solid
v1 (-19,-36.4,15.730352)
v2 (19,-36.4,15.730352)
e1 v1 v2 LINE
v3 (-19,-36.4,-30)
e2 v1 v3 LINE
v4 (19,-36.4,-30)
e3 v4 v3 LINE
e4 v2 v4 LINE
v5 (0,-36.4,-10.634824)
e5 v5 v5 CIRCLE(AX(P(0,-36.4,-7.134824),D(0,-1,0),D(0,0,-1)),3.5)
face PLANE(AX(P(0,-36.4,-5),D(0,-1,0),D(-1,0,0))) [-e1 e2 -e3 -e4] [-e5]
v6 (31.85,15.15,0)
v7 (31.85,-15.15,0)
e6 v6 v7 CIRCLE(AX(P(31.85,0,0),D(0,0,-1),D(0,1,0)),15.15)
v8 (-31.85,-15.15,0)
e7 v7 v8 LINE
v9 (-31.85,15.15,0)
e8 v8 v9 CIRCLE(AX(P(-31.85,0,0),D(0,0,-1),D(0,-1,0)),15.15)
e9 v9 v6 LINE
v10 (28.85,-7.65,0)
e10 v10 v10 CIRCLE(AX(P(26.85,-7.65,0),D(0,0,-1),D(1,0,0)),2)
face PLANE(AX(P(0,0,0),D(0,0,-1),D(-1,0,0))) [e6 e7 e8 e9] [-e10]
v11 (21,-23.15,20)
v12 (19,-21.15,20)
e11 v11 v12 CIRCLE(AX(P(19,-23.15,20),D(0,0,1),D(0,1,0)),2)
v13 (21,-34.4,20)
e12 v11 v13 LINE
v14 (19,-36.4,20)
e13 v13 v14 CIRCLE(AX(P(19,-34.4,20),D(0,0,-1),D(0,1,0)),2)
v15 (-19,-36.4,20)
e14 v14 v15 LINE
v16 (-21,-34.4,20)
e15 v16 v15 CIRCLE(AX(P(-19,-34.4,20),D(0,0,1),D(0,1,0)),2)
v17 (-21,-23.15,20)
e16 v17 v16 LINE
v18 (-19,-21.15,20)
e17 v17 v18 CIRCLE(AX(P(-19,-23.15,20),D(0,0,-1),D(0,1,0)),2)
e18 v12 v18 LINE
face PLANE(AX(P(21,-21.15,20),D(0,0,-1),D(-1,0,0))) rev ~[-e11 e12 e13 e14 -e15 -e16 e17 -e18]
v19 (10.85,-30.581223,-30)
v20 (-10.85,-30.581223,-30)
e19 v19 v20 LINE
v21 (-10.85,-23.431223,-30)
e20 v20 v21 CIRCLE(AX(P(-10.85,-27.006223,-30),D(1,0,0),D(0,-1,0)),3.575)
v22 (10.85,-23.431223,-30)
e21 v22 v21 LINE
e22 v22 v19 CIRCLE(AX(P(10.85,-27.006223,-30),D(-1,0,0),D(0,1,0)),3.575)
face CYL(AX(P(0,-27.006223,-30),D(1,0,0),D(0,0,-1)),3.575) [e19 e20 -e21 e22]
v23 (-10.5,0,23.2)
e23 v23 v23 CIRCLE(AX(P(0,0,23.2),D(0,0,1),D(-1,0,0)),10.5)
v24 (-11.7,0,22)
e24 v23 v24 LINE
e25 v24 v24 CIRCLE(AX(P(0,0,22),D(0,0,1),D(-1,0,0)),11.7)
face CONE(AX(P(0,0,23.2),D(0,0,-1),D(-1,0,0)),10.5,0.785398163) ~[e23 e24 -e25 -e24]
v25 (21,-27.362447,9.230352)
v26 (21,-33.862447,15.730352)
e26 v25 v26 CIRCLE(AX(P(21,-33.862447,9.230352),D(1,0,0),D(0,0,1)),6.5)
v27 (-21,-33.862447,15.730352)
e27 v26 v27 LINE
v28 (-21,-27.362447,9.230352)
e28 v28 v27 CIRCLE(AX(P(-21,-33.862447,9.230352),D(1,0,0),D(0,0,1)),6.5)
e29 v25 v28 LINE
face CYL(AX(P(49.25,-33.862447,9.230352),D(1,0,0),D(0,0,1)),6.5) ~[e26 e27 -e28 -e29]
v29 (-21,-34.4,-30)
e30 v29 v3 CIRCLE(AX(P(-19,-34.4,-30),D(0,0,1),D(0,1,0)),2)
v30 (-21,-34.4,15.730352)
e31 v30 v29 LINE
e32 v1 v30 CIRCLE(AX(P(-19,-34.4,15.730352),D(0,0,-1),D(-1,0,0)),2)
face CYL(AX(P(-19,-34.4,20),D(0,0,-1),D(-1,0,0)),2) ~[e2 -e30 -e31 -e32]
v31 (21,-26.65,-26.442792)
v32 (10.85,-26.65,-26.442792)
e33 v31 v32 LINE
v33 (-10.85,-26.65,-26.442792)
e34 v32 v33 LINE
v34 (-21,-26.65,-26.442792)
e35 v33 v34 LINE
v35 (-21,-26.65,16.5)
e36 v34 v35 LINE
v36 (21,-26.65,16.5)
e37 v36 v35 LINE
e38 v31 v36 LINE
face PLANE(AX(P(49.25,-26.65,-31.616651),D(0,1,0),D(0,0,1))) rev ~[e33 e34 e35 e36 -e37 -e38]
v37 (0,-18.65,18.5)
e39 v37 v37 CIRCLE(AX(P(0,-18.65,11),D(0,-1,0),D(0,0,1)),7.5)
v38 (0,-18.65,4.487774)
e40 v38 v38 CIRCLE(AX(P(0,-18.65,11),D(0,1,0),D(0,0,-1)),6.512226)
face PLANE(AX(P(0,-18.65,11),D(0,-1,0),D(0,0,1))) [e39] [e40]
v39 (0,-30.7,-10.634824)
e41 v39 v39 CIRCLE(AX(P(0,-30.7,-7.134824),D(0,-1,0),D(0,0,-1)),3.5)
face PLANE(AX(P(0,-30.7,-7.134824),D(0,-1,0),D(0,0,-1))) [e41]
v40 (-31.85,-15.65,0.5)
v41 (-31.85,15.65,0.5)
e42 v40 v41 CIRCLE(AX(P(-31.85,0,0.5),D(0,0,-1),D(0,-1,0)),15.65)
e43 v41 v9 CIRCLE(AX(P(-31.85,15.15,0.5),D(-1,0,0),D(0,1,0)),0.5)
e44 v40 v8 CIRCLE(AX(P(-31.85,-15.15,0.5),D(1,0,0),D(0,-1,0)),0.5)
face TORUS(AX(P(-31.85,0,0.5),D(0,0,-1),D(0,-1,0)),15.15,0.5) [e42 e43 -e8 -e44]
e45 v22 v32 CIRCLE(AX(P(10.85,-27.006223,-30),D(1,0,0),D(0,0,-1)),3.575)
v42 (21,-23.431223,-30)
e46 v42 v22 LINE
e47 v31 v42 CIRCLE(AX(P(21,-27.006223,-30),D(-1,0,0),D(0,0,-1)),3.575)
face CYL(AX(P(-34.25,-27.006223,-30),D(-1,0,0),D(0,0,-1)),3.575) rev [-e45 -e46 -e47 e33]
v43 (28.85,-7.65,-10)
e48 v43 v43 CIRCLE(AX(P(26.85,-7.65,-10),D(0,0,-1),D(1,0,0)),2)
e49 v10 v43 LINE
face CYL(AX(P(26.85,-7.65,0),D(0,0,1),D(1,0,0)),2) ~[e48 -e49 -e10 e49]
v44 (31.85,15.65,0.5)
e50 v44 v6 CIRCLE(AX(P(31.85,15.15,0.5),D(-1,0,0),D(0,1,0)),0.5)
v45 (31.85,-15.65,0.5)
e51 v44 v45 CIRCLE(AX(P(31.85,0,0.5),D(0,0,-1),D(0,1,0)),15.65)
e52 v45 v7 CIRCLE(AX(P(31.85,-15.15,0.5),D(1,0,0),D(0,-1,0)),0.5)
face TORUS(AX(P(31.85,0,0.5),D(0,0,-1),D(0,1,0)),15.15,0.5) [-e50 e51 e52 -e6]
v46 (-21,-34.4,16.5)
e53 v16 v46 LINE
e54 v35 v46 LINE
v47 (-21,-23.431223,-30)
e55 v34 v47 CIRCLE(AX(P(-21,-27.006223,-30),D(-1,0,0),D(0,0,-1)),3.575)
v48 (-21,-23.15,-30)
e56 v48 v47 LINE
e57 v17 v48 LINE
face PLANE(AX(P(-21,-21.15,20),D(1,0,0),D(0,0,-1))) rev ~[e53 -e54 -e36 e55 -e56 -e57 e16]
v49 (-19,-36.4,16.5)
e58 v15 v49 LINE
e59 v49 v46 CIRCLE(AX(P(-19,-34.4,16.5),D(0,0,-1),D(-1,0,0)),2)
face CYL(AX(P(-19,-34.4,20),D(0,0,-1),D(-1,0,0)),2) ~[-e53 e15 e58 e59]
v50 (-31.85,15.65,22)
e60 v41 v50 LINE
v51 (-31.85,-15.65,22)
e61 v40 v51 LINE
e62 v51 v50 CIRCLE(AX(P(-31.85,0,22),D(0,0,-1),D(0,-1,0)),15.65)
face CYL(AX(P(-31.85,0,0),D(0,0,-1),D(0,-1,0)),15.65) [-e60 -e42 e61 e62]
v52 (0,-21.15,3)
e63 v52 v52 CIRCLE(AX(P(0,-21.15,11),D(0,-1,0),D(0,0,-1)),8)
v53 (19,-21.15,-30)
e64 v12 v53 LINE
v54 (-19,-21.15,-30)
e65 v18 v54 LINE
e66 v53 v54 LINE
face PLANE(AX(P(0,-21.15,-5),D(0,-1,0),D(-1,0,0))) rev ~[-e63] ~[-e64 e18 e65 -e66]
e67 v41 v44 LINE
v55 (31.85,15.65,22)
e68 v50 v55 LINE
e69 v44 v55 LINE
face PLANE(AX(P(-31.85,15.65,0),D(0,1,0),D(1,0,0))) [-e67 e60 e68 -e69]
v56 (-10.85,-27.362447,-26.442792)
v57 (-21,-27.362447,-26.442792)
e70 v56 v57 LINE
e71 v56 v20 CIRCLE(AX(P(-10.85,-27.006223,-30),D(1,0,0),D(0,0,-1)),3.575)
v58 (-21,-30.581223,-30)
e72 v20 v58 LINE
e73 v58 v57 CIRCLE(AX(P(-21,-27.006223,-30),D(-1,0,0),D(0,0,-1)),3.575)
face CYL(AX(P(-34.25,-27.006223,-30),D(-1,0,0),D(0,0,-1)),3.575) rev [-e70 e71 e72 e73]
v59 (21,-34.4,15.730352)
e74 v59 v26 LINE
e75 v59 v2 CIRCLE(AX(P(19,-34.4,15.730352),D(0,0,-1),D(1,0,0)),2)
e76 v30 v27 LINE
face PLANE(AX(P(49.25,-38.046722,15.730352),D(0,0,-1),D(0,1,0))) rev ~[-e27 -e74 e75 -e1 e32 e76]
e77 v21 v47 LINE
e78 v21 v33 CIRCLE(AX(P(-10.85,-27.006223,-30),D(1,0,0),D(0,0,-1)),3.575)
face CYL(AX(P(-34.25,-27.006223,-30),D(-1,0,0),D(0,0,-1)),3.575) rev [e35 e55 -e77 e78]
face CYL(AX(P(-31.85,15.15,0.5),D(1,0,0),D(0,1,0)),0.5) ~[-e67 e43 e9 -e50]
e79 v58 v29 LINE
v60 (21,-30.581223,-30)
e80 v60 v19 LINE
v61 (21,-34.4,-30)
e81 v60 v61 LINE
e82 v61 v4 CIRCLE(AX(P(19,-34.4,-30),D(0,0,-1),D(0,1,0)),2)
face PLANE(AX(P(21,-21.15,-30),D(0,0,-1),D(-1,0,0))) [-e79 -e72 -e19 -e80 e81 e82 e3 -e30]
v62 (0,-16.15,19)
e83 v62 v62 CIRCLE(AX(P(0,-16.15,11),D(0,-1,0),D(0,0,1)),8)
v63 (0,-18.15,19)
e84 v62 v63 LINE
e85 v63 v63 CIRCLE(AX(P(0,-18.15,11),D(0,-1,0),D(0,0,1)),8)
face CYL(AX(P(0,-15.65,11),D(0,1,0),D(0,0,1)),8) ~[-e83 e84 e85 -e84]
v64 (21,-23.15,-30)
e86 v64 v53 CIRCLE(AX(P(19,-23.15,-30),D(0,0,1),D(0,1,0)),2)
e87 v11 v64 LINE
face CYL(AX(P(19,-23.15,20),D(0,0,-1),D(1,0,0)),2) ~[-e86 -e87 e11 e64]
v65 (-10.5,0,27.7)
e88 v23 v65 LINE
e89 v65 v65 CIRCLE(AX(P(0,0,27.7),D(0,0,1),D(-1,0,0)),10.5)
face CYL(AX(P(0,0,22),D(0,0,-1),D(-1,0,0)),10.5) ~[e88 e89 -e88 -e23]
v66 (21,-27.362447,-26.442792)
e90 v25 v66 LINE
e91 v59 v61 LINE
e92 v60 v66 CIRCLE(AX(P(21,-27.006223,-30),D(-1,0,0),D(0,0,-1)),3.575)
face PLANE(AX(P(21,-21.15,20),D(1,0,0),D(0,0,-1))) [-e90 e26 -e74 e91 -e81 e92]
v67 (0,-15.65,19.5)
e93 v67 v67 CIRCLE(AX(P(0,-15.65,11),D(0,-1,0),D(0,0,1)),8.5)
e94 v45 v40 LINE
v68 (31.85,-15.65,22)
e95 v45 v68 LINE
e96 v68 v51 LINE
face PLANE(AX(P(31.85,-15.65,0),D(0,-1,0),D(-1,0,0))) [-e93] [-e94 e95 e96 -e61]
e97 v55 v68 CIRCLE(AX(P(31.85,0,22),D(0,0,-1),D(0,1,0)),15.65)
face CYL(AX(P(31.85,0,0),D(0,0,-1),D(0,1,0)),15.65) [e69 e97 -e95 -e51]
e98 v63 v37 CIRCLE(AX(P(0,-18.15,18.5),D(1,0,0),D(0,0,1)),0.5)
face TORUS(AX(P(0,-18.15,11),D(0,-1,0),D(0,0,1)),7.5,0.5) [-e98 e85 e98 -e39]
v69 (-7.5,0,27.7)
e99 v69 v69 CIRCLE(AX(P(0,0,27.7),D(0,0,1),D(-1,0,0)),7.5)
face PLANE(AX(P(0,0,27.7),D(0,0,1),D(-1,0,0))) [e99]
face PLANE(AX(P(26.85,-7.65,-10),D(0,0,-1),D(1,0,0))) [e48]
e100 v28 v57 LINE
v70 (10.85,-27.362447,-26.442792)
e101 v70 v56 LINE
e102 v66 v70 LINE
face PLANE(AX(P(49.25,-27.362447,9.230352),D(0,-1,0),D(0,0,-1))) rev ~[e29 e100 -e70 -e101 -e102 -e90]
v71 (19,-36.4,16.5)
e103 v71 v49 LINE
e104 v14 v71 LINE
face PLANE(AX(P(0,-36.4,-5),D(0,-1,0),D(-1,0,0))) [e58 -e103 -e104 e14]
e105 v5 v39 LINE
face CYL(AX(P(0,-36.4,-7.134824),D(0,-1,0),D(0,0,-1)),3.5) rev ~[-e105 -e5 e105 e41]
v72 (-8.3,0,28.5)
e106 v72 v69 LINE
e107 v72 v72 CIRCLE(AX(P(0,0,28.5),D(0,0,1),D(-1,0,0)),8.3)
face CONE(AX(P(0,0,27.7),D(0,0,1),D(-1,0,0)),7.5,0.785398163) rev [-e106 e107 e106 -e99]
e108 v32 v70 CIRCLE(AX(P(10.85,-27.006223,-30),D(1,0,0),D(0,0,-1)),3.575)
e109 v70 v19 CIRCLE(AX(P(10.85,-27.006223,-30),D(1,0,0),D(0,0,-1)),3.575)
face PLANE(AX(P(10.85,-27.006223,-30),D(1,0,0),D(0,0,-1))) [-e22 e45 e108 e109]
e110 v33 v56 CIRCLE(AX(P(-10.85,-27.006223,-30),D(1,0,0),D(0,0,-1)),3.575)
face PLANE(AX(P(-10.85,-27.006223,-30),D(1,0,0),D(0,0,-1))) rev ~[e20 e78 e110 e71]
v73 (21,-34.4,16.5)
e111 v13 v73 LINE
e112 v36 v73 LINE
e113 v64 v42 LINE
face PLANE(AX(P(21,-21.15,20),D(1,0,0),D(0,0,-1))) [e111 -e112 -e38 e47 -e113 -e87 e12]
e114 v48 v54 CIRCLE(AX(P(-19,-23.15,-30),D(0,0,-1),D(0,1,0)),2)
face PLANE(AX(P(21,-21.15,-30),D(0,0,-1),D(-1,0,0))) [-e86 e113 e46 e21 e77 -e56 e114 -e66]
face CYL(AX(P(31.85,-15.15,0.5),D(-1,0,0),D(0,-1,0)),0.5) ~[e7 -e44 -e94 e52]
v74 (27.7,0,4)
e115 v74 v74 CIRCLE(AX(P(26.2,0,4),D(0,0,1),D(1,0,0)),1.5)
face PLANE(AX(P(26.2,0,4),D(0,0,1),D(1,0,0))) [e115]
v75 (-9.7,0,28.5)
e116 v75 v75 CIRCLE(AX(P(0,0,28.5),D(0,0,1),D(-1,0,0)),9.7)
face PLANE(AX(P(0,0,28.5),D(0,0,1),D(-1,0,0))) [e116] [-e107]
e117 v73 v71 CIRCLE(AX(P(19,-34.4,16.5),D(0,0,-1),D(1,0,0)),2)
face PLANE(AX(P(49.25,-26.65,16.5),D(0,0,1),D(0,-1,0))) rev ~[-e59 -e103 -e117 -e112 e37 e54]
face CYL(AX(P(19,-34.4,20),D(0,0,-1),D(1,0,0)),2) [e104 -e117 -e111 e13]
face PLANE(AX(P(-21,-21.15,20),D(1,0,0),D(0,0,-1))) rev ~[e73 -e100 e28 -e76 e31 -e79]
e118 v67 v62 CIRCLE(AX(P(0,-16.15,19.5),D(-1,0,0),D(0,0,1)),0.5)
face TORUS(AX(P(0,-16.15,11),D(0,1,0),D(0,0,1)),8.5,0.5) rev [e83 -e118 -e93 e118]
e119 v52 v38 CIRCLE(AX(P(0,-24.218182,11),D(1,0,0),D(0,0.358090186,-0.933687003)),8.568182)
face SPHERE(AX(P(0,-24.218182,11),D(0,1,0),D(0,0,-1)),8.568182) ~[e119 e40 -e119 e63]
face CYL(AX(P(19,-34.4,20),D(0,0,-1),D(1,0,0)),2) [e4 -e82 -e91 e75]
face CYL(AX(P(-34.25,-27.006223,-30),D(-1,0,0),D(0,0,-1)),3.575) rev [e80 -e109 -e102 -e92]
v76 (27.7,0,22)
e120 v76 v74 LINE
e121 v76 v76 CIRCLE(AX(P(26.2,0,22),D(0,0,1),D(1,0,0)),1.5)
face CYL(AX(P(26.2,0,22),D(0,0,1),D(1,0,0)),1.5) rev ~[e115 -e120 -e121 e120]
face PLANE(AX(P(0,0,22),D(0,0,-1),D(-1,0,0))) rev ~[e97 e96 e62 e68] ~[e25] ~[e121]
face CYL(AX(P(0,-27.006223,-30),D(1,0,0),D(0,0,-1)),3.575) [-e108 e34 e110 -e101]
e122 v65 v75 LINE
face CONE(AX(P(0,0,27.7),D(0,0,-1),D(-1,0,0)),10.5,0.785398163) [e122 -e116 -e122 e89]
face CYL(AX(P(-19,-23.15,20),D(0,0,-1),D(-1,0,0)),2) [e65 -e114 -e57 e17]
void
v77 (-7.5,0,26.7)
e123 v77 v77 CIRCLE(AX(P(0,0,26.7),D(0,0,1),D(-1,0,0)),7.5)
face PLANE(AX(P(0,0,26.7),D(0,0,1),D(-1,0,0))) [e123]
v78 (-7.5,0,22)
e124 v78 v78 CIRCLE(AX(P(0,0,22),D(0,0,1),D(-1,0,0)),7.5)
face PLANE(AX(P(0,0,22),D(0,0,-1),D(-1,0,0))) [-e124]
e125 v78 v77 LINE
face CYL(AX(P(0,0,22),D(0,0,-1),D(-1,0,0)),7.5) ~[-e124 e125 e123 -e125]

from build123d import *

# Parameters (mm, degrees)
RESSALTO_EXTRUS_O1_DEPTH   = 22
ESBO_O2_R                  = 10.5
ESBO_O2_R_2                = 7.5
RESSALTO_EXTRUS_O2_DEPTH   = 6.5
CHANFRO1_SIZE              = 0.8
CHANFRO2_SIZE              = 1.2
RESSALTO_EXTRUS_O3_START   = -1
ESBO_O3_R                  = 7.5
RESSALTO_EXTRUS_O3_DEPTH   = 1
ESBO_O4_R                  = 1.5
CORTE_EXTRUS_O1_DEPTH      = 18
ESBO_O5_R                  = 8
RESSALTO_EXTRUS_O4_DEPTH   = 3
FILETE2_R                  = 0.5
ESBO_O6_W                  = 42
ESBO_O6_H                  = 50
RESSALTO_EXTRUS_O5_DEPTH   = 15.25
FILETE3_R                  = 2
CORTE_EXTRUS_O2_DEPTH      = 19
CORTE_EXTRUS_O2_DEPTH_BACK = 70.25
CORTE_EXTRUS_O3_DEPTH      = 36
CORTE_EXTRUS_O3_DEPTH_BACK = 34.25
ESBO_O8_R                  = 3.575
ESBO_O9_R                  = 3.575
RESSALTO_EXTRUS_O6_DEPTH   = 10.85
ESBO_O10_R                 = 3.5
CORTE_EXTRUS_O4_DEPTH      = 5.7
ESBO_O13_R                 = 2
RESSALTO_EXTRUS_O7_DEPTH   = 10


with BuildPart() as part:
    # Esboço1 → Ressalto-extrusão1 (new body)
    with BuildSketch(Plane.XY):
        with BuildLine():
            Line((-31.85, 15.65), (31.85, 15.65))
            ThreePointArc((31.85, 15.65), (47.5, 0), (31.85, -15.65))
            Line((31.85, -15.65), (-31.85, -15.65))
            ThreePointArc((-31.85, -15.65), (-47.5, 0), (-31.85, 15.65))
        make_face()
    extrude(amount=RESSALTO_EXTRUS_O1_DEPTH)

    # Esboço2 → Ressalto-extrusão2 (add)
    with BuildSketch(Plane.XY.offset(22)):
        with Locations(Location((0, 0, 0), (0, 0, 180))):
            Circle(ESBO_O2_R)
        with Locations(Location((0, 0, 0), (0, 0, 180))):
            Circle(ESBO_O2_R_2, mode=Mode.SUBTRACT)
    extrude(amount=RESSALTO_EXTRUS_O2_DEPTH)

    # Chanfro1
    chanfro1_edges = [part.edges().sort_by_distance(p)[0] for p in [
        (10.5, 0, 28.5),
        (7.5, 0, 28.5),
    ]]
    chamfer(chanfro1_edges, length=CHANFRO1_SIZE)

    # Chanfro2
    chanfro2_edges = [part.edges().sort_by_distance(p)[0] for p in [
        (10.5, 0, 22),
    ]]
    chamfer(chanfro2_edges, length=CHANFRO2_SIZE)

    # Esboço3 → Ressalto-extrusão3 (add)
    with BuildSketch(Plane.XY.offset(27.7).offset(RESSALTO_EXTRUS_O3_START)):
        with Locations(Location((0, 0, 0), (0, 0, 180))):
            Circle(ESBO_O3_R)
    extrude(amount=RESSALTO_EXTRUS_O3_DEPTH)

    # Esboço4 → Corte-extrusão1 (cut)
    with BuildSketch(Plane.XY.offset(22)):
        with Locations((26.2, 0)):
            Circle(ESBO_O4_R)
    extrude(amount=-CORTE_EXTRUS_O1_DEPTH, mode=Mode.SUBTRACT)

    # Esboço5 → Ressalto-extrusão4 (add)
    with BuildSketch(Plane.XZ.offset(15.65)):
        with Locations(Location((0, 11, 0), (0, 0, 90))):
            Circle(ESBO_O5_R)
    extrude(amount=RESSALTO_EXTRUS_O4_DEPTH)

    # Filete2
    filete2_edges = [part.edges().sort_by_distance(p)[0] for p in [
        (0, -15.65, 3),
        (0, -18.65, 3),
        (0, 15.65, 0),
        (47.5, 0, 0),
        (0, -15.65, 0),
        (-47.5, 0, 0),
    ]]
    fillet(filete2_edges, radius=FILETE2_R)



with BuildPart() as body_2:
    # Esboço6 → Ressalto-extrusão5 (new body)
    with BuildSketch(Plane(origin=(0, -21.15, 0), x_dir=(-1, 0, 0), z_dir=(0, -1, 0))):
        with Locations((0, 5)):
            Rectangle(ESBO_O6_W, ESBO_O6_H)
    extrude(amount=RESSALTO_EXTRUS_O5_DEPTH)

    # Filete3
    filete3_edges = [body_2.edges().sort_by_distance(p)[0] for p in [
        (-21, -36.4, -5),
        (21, -36.4, -5),
        (-21, -21.15, -5),
        (21, -21.15, -5),
    ]]
    fillet(filete3_edges, radius=FILETE3_R)

    # Esboço7 → Corte-extrusão2 (cut, two sides: drawn at the far end of the back side and taken through both)
    with BuildSketch(Plane.ZY.offset(21).offset(-CORTE_EXTRUS_O2_DEPTH_BACK)):
        with BuildLine():
            Line((-30, -26.65), (16.5, -26.65))
            Line((16.5, -26.65), (16.5, -38.046721954))
            Line((16.5, -38.046721954), (15.730351624, -38.046721954))
            Line((15.730351624, -38.046721954), (15.730351624, -33.8624466))
            ThreePointArc((15.730351624, -33.8624466), (13.826545702, -29.266252522), (9.230351624, -27.3624466))
            Line((9.230351624, -27.3624466), (-30, -27.3624466))
            Line((-30, -27.3624466), (-31.616650622, -27.3624466))
            Line((-31.616650622, -27.3624466), (-31.616650622, -26.65))
            Line((-31.616650622, -26.65), (-30, -26.65))
        make_face()
    extrude(amount=CORTE_EXTRUS_O2_DEPTH + CORTE_EXTRUS_O2_DEPTH_BACK, mode=Mode.SUBTRACT)


with BuildPart() as corte_extrus_o2_piece_1:
    # of the separate pieces the step leaves, piece 1, a body of its own (corte_extrus_o2_pieces)
    add(body_2.part.solids().sort_by_distance((-21, -27.3624466, -30))[0])


with BuildPart() as corte_extrus_o2_piece_2:
    # of the separate pieces the step leaves, piece 2, a body of its own (corte_extrus_o2_pieces)
    add(body_2.part.solids().sort_by_distance((-21, -23.15, 20))[0])


with BuildPart() as corte_extrus_o3_tool:
    # Esboço8 → Corte-extrusão3 (new, two sides: drawn at the far end of the back side and taken through both)
    with BuildSketch(Plane(origin=(0, 0, 0), x_dir=(0, 0, -1), z_dir=(1, 0, 0)).offset(-CORTE_EXTRUS_O3_DEPTH_BACK)):
        with Locations((30, -27.0062233)):
            Circle(ESBO_O8_R)
    extrude(amount=CORTE_EXTRUS_O3_DEPTH + CORTE_EXTRUS_O3_DEPTH_BACK)


with BuildPart() as corte_extrus_o2_piece_1_1:
    add(corte_extrus_o2_piece_1.part)

    # Corte-extrusão3: cut by corte_extrus_o3_tool
    add(corte_extrus_o3_tool.part, mode=Mode.SUBTRACT)



with BuildPart() as corte_extrus_o2_piece_2_1:
    add(corte_extrus_o2_piece_2.part)

    # Corte-extrusão3: cut by corte_extrus_o3_tool
    add(corte_extrus_o3_tool.part, mode=Mode.SUBTRACT)


with BuildPart() as corte_extrus_o2_piece_1_2:
    add(corte_extrus_o2_piece_1_1.part)

    add(corte_extrus_o2_piece_2_1.part)  # Ressalto-extrusão6 merges Corte-extrusão2 piece 2
    # Esboço9 → Ressalto-extrusão6 (add, symmetric)
    with BuildSketch(Plane(origin=(0, 0, 0), x_dir=(0, 0, -1), z_dir=(1, 0, 0))):
        with Locations((30, -27.0062233)):
            Circle(ESBO_O9_R)
    extrude(amount=RESSALTO_EXTRUS_O6_DEPTH, both=True)

    # Esboço10 → Corte-extrusão4 (cut)
    with BuildSketch(Plane.XZ.offset(36.4)):
        with Locations(Location((0, -7.134824188, 0), (0, 0, 270))):
            Circle(ESBO_O10_R)
    extrude(amount=-CORTE_EXTRUS_O4_DEPTH, mode=Mode.SUBTRACT)


with BuildPart() as part_1:
    add(part.part)

    add(corte_extrus_o2_piece_1_2.part)  # Revolução1 merges Corte-extrusão2 piece 1
    # Esboço12 → Revolução1 (revolve)
    with BuildSketch(Plane.XY.offset(11), mode=Mode.PRIVATE) as revolu_o1_sk:
        with BuildLine():
            Line((0, -15.65), (0, -21.15))
            Line((0, -21.15), (-8, -21.15))
            ThreePointArc((-8, -21.15), (-4.85412196, -17.157640786), (0, -15.65))
        make_face()
    revolve(revolu_o1_sk.sketch.rotate(Axis((0, -15.65, 11), (0, -1, 0)), 90), axis=Axis((0, -15.65, 11), (0, -1, 0)))

    # Esboço13 → Ressalto-extrusão7 (add)
    with BuildSketch(Plane(origin=(0, 0, 0), x_dir=(-1, 0, 0), z_dir=(0, 0, -1))):
        with Locations(Location((-26.85, -7.65, 0), (0, 0, 180))):
            Circle(ESBO_O13_R)
    extrude(amount=RESSALTO_EXTRUS_O7_DEPTH)


solid = part_1.part
